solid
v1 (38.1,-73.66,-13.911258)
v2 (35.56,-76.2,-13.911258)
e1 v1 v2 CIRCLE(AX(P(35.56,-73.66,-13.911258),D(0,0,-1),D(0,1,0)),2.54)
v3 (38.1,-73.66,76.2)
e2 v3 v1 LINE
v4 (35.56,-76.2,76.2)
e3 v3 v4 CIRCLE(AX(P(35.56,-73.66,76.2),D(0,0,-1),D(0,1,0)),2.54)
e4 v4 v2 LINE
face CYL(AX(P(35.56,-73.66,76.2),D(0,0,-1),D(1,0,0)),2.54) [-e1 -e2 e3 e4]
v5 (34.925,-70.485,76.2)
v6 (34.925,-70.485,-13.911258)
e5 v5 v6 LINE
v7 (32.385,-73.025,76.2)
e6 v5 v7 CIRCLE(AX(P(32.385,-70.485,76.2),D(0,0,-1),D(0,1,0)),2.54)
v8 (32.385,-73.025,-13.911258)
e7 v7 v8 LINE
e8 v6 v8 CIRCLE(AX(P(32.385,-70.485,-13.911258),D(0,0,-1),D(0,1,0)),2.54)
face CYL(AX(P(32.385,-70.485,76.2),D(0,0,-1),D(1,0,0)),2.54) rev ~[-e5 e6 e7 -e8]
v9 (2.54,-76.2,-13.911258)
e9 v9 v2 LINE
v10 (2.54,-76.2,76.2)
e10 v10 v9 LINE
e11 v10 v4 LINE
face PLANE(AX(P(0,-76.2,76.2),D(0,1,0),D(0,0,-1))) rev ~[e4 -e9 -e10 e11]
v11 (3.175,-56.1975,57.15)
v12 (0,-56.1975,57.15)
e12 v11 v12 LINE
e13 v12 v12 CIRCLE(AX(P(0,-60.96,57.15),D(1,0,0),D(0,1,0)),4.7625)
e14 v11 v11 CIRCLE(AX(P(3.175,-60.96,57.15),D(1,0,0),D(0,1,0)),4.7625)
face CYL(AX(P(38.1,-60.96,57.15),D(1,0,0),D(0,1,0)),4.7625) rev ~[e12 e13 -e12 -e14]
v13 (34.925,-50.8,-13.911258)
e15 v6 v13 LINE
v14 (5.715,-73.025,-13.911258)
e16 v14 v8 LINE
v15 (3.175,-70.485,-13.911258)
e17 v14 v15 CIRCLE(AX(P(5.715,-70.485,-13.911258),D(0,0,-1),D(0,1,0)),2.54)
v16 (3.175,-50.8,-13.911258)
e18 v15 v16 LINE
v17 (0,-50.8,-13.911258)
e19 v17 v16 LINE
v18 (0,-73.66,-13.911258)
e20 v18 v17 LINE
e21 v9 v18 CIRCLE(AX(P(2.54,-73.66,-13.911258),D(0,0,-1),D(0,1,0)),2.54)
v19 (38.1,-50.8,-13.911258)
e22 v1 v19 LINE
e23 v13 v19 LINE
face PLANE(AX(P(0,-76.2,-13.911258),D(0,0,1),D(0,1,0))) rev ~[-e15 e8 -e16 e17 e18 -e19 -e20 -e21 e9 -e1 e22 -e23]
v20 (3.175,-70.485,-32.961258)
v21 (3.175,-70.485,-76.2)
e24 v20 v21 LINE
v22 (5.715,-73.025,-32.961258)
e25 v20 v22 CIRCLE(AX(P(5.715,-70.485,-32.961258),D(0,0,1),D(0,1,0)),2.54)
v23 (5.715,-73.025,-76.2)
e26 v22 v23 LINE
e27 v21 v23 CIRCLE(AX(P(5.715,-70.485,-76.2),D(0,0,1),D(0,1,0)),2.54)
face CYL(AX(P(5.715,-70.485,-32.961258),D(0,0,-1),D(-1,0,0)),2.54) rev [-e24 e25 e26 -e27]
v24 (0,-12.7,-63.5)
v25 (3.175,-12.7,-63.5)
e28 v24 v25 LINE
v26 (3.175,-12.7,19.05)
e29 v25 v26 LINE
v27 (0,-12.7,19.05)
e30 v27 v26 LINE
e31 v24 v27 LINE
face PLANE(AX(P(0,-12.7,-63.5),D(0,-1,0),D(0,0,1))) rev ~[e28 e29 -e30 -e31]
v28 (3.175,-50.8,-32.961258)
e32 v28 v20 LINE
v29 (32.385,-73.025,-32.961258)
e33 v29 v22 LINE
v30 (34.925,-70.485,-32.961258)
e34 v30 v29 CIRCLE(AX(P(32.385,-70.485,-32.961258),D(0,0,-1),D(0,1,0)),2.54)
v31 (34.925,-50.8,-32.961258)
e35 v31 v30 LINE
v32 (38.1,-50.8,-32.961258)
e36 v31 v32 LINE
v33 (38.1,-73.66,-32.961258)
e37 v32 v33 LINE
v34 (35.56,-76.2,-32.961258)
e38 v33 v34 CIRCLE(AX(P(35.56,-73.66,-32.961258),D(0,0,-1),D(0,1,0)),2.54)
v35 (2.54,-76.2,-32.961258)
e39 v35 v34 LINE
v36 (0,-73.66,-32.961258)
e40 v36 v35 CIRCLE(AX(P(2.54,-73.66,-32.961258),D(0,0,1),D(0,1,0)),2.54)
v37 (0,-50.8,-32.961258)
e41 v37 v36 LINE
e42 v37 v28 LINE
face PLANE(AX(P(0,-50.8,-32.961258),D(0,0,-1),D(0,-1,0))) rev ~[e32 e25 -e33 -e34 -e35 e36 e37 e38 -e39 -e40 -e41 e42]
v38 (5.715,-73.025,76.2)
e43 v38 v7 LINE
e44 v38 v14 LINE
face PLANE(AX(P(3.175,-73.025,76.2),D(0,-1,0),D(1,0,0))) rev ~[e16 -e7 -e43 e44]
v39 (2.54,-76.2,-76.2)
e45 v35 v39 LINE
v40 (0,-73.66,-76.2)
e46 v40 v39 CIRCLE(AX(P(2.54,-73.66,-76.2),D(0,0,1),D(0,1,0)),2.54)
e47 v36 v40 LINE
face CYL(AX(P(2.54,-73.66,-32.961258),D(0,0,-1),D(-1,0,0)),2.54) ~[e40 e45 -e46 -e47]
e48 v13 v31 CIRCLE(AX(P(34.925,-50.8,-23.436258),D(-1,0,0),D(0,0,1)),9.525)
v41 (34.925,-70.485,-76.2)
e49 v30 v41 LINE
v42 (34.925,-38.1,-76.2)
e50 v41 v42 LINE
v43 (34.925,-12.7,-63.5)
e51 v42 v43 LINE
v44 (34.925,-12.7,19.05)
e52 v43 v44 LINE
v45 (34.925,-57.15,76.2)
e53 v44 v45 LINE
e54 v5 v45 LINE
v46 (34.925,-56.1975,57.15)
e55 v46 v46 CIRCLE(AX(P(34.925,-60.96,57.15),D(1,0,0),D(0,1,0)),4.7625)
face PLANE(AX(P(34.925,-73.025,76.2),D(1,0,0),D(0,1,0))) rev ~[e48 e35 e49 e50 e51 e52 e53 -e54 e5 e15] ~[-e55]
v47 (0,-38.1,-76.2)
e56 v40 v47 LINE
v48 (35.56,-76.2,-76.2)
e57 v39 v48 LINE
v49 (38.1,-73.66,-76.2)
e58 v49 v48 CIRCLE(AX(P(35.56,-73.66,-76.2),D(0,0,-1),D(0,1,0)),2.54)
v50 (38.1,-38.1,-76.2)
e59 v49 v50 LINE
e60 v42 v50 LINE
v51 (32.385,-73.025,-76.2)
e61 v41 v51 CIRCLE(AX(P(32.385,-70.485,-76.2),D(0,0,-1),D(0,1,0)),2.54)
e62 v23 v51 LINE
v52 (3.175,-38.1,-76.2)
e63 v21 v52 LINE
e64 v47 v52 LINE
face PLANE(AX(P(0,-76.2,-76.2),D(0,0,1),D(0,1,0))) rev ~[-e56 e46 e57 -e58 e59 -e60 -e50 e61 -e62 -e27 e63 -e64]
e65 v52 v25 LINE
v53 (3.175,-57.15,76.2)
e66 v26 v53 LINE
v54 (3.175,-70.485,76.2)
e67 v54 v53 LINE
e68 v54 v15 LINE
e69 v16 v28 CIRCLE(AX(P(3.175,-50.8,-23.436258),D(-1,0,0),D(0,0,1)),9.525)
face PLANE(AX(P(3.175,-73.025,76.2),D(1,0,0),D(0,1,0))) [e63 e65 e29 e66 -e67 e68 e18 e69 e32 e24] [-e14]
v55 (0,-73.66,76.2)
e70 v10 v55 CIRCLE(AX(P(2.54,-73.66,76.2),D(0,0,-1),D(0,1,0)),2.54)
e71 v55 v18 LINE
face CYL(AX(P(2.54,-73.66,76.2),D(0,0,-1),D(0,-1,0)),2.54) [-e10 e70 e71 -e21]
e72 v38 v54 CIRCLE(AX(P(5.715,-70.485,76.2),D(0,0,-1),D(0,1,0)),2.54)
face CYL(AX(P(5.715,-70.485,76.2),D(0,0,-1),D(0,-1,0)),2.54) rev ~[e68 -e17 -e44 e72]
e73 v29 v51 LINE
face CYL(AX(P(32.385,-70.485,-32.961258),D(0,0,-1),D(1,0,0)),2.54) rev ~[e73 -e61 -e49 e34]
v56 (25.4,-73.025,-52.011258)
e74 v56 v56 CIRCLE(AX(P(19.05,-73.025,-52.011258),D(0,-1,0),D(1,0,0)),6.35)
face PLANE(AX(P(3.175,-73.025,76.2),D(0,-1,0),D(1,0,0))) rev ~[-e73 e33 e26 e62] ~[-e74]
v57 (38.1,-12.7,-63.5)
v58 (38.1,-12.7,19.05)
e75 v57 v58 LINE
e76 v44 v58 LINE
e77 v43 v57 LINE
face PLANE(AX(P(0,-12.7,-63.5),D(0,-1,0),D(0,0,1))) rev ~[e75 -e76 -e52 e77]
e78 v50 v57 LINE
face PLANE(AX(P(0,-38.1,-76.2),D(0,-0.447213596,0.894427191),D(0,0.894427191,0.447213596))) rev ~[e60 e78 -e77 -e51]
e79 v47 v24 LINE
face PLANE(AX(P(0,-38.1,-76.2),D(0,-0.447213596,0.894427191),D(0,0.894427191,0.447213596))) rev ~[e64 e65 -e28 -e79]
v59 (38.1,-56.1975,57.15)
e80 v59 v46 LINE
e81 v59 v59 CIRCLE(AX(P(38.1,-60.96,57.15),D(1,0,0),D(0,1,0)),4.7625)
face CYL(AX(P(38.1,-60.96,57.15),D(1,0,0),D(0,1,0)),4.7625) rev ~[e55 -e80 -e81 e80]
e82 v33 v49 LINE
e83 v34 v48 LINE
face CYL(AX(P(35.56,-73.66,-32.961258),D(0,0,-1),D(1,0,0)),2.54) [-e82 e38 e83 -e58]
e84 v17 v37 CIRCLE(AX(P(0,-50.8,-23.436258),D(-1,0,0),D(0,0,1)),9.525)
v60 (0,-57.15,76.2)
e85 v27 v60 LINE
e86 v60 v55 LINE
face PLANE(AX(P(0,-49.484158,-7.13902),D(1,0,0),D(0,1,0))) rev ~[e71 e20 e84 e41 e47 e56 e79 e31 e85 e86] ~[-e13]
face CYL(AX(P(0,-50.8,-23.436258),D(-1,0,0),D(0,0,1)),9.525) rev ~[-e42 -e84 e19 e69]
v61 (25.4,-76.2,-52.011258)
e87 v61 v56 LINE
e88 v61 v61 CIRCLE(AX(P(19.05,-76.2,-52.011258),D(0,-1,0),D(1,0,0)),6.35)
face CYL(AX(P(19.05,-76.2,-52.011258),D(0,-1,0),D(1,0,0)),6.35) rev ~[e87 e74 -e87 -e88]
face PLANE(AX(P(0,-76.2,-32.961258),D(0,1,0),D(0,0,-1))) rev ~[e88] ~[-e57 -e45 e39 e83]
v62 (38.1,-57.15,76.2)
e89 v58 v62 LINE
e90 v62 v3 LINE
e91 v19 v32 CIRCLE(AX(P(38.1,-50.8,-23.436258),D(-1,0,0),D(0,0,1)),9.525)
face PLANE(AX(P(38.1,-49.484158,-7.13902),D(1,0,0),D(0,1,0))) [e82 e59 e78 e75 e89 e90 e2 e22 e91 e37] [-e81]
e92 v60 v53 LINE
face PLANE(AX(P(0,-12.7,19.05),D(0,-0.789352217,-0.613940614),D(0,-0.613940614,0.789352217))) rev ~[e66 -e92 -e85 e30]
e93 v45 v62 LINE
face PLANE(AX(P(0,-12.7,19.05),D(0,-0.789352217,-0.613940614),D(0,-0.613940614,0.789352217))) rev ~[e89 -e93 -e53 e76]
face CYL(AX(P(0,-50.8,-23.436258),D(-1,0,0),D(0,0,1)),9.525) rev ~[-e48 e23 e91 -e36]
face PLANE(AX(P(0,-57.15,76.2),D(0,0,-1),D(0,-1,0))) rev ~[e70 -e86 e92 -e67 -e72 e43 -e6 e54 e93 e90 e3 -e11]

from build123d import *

# Parameters (mm, degrees)
F1_DEPTH = 38.1
F2_W     = 31.75
F2_H     = 73.025
F3_DEPTH = 152.401
F4_R     = 2.54
F5_R     = 2.54
F6_R     = 6.35
F7_DEPTH = 25.4
F8_R     = 4.7625
F9_DEPTH = 38.101


with BuildPart() as f1:
    # F0 (on Right) → F1 (new body)
    with BuildSketch(Plane.YZ):
        with BuildLine():
            Line((-57.15, 76.2), (-76.2, 76.2))
            Line((-76.2, 76.2), (-76.2, -13.9112576244))
            Line((-76.2, -13.9112576244), (-50.8, -13.9112576244))
            ThreePointArc((-50.8, -13.9112576244), (-41.275, -23.4362576244), (-50.8, -32.9612576244))
            Line((-50.8, -32.9612576244), (-76.2, -32.9612576244))
            Line((-76.2, -32.9612576244), (-76.2, -76.2))
            Line((-76.2, -76.2), (-38.1, -76.2))
            Line((-38.1, -76.2), (-12.7, -63.5))
            Line((-12.7, -63.5), (-12.7, 19.05))
            Line((-12.7, 19.05), (-57.15, 76.2))
        make_face()
    extrude(amount=F1_DEPTH)

    # F2 (on face) → F3 (cut, through all)
    with BuildSketch(Plane.XY.offset(76.2)):
        with Locations((19.05, -36.5125)):
            Rectangle(F2_W, F2_H)
    extrude(amount=-F3_DEPTH, mode=Mode.SUBTRACT)

    # F4
    f4_edges = [f1.edges().sort_by_distance(p)[0] for p in [
        (3.175, -73.025, 31.144371),
        (34.925, -73.025, 31.144371),
        (34.925, -73.025, -54.580629),
        (3.175, -73.025, -54.580629),
    ]]
    fillet(f4_edges, radius=F4_R)

    # F5
    f5_edges = [f1.edges().sort_by_distance(p)[0] for p in [
        (38.1, -76.2, -54.580629),
        (0, -76.2, -54.580629),
        (0, -76.2, 31.144371),
        (38.1, -76.2, 31.144371),
    ]]
    fillet(f5_edges, radius=F5_R)

    # F6 (on face) → F7 (cut)
    with BuildSketch(Plane.XZ.offset(76.2)):
        with Locations((19.05, -52.0112576244)):
            Circle(F6_R)
    extrude(amount=-F7_DEPTH, mode=Mode.SUBTRACT)

    # F8 (on face) → F9 (cut, through all)
    with BuildSketch(Plane.YZ.offset(38.1)):
        with Locations((-60.96, 57.15)):
            Circle(F8_R)
    extrude(amount=-F9_DEPTH, mode=Mode.SUBTRACT)


solid = f1.part
